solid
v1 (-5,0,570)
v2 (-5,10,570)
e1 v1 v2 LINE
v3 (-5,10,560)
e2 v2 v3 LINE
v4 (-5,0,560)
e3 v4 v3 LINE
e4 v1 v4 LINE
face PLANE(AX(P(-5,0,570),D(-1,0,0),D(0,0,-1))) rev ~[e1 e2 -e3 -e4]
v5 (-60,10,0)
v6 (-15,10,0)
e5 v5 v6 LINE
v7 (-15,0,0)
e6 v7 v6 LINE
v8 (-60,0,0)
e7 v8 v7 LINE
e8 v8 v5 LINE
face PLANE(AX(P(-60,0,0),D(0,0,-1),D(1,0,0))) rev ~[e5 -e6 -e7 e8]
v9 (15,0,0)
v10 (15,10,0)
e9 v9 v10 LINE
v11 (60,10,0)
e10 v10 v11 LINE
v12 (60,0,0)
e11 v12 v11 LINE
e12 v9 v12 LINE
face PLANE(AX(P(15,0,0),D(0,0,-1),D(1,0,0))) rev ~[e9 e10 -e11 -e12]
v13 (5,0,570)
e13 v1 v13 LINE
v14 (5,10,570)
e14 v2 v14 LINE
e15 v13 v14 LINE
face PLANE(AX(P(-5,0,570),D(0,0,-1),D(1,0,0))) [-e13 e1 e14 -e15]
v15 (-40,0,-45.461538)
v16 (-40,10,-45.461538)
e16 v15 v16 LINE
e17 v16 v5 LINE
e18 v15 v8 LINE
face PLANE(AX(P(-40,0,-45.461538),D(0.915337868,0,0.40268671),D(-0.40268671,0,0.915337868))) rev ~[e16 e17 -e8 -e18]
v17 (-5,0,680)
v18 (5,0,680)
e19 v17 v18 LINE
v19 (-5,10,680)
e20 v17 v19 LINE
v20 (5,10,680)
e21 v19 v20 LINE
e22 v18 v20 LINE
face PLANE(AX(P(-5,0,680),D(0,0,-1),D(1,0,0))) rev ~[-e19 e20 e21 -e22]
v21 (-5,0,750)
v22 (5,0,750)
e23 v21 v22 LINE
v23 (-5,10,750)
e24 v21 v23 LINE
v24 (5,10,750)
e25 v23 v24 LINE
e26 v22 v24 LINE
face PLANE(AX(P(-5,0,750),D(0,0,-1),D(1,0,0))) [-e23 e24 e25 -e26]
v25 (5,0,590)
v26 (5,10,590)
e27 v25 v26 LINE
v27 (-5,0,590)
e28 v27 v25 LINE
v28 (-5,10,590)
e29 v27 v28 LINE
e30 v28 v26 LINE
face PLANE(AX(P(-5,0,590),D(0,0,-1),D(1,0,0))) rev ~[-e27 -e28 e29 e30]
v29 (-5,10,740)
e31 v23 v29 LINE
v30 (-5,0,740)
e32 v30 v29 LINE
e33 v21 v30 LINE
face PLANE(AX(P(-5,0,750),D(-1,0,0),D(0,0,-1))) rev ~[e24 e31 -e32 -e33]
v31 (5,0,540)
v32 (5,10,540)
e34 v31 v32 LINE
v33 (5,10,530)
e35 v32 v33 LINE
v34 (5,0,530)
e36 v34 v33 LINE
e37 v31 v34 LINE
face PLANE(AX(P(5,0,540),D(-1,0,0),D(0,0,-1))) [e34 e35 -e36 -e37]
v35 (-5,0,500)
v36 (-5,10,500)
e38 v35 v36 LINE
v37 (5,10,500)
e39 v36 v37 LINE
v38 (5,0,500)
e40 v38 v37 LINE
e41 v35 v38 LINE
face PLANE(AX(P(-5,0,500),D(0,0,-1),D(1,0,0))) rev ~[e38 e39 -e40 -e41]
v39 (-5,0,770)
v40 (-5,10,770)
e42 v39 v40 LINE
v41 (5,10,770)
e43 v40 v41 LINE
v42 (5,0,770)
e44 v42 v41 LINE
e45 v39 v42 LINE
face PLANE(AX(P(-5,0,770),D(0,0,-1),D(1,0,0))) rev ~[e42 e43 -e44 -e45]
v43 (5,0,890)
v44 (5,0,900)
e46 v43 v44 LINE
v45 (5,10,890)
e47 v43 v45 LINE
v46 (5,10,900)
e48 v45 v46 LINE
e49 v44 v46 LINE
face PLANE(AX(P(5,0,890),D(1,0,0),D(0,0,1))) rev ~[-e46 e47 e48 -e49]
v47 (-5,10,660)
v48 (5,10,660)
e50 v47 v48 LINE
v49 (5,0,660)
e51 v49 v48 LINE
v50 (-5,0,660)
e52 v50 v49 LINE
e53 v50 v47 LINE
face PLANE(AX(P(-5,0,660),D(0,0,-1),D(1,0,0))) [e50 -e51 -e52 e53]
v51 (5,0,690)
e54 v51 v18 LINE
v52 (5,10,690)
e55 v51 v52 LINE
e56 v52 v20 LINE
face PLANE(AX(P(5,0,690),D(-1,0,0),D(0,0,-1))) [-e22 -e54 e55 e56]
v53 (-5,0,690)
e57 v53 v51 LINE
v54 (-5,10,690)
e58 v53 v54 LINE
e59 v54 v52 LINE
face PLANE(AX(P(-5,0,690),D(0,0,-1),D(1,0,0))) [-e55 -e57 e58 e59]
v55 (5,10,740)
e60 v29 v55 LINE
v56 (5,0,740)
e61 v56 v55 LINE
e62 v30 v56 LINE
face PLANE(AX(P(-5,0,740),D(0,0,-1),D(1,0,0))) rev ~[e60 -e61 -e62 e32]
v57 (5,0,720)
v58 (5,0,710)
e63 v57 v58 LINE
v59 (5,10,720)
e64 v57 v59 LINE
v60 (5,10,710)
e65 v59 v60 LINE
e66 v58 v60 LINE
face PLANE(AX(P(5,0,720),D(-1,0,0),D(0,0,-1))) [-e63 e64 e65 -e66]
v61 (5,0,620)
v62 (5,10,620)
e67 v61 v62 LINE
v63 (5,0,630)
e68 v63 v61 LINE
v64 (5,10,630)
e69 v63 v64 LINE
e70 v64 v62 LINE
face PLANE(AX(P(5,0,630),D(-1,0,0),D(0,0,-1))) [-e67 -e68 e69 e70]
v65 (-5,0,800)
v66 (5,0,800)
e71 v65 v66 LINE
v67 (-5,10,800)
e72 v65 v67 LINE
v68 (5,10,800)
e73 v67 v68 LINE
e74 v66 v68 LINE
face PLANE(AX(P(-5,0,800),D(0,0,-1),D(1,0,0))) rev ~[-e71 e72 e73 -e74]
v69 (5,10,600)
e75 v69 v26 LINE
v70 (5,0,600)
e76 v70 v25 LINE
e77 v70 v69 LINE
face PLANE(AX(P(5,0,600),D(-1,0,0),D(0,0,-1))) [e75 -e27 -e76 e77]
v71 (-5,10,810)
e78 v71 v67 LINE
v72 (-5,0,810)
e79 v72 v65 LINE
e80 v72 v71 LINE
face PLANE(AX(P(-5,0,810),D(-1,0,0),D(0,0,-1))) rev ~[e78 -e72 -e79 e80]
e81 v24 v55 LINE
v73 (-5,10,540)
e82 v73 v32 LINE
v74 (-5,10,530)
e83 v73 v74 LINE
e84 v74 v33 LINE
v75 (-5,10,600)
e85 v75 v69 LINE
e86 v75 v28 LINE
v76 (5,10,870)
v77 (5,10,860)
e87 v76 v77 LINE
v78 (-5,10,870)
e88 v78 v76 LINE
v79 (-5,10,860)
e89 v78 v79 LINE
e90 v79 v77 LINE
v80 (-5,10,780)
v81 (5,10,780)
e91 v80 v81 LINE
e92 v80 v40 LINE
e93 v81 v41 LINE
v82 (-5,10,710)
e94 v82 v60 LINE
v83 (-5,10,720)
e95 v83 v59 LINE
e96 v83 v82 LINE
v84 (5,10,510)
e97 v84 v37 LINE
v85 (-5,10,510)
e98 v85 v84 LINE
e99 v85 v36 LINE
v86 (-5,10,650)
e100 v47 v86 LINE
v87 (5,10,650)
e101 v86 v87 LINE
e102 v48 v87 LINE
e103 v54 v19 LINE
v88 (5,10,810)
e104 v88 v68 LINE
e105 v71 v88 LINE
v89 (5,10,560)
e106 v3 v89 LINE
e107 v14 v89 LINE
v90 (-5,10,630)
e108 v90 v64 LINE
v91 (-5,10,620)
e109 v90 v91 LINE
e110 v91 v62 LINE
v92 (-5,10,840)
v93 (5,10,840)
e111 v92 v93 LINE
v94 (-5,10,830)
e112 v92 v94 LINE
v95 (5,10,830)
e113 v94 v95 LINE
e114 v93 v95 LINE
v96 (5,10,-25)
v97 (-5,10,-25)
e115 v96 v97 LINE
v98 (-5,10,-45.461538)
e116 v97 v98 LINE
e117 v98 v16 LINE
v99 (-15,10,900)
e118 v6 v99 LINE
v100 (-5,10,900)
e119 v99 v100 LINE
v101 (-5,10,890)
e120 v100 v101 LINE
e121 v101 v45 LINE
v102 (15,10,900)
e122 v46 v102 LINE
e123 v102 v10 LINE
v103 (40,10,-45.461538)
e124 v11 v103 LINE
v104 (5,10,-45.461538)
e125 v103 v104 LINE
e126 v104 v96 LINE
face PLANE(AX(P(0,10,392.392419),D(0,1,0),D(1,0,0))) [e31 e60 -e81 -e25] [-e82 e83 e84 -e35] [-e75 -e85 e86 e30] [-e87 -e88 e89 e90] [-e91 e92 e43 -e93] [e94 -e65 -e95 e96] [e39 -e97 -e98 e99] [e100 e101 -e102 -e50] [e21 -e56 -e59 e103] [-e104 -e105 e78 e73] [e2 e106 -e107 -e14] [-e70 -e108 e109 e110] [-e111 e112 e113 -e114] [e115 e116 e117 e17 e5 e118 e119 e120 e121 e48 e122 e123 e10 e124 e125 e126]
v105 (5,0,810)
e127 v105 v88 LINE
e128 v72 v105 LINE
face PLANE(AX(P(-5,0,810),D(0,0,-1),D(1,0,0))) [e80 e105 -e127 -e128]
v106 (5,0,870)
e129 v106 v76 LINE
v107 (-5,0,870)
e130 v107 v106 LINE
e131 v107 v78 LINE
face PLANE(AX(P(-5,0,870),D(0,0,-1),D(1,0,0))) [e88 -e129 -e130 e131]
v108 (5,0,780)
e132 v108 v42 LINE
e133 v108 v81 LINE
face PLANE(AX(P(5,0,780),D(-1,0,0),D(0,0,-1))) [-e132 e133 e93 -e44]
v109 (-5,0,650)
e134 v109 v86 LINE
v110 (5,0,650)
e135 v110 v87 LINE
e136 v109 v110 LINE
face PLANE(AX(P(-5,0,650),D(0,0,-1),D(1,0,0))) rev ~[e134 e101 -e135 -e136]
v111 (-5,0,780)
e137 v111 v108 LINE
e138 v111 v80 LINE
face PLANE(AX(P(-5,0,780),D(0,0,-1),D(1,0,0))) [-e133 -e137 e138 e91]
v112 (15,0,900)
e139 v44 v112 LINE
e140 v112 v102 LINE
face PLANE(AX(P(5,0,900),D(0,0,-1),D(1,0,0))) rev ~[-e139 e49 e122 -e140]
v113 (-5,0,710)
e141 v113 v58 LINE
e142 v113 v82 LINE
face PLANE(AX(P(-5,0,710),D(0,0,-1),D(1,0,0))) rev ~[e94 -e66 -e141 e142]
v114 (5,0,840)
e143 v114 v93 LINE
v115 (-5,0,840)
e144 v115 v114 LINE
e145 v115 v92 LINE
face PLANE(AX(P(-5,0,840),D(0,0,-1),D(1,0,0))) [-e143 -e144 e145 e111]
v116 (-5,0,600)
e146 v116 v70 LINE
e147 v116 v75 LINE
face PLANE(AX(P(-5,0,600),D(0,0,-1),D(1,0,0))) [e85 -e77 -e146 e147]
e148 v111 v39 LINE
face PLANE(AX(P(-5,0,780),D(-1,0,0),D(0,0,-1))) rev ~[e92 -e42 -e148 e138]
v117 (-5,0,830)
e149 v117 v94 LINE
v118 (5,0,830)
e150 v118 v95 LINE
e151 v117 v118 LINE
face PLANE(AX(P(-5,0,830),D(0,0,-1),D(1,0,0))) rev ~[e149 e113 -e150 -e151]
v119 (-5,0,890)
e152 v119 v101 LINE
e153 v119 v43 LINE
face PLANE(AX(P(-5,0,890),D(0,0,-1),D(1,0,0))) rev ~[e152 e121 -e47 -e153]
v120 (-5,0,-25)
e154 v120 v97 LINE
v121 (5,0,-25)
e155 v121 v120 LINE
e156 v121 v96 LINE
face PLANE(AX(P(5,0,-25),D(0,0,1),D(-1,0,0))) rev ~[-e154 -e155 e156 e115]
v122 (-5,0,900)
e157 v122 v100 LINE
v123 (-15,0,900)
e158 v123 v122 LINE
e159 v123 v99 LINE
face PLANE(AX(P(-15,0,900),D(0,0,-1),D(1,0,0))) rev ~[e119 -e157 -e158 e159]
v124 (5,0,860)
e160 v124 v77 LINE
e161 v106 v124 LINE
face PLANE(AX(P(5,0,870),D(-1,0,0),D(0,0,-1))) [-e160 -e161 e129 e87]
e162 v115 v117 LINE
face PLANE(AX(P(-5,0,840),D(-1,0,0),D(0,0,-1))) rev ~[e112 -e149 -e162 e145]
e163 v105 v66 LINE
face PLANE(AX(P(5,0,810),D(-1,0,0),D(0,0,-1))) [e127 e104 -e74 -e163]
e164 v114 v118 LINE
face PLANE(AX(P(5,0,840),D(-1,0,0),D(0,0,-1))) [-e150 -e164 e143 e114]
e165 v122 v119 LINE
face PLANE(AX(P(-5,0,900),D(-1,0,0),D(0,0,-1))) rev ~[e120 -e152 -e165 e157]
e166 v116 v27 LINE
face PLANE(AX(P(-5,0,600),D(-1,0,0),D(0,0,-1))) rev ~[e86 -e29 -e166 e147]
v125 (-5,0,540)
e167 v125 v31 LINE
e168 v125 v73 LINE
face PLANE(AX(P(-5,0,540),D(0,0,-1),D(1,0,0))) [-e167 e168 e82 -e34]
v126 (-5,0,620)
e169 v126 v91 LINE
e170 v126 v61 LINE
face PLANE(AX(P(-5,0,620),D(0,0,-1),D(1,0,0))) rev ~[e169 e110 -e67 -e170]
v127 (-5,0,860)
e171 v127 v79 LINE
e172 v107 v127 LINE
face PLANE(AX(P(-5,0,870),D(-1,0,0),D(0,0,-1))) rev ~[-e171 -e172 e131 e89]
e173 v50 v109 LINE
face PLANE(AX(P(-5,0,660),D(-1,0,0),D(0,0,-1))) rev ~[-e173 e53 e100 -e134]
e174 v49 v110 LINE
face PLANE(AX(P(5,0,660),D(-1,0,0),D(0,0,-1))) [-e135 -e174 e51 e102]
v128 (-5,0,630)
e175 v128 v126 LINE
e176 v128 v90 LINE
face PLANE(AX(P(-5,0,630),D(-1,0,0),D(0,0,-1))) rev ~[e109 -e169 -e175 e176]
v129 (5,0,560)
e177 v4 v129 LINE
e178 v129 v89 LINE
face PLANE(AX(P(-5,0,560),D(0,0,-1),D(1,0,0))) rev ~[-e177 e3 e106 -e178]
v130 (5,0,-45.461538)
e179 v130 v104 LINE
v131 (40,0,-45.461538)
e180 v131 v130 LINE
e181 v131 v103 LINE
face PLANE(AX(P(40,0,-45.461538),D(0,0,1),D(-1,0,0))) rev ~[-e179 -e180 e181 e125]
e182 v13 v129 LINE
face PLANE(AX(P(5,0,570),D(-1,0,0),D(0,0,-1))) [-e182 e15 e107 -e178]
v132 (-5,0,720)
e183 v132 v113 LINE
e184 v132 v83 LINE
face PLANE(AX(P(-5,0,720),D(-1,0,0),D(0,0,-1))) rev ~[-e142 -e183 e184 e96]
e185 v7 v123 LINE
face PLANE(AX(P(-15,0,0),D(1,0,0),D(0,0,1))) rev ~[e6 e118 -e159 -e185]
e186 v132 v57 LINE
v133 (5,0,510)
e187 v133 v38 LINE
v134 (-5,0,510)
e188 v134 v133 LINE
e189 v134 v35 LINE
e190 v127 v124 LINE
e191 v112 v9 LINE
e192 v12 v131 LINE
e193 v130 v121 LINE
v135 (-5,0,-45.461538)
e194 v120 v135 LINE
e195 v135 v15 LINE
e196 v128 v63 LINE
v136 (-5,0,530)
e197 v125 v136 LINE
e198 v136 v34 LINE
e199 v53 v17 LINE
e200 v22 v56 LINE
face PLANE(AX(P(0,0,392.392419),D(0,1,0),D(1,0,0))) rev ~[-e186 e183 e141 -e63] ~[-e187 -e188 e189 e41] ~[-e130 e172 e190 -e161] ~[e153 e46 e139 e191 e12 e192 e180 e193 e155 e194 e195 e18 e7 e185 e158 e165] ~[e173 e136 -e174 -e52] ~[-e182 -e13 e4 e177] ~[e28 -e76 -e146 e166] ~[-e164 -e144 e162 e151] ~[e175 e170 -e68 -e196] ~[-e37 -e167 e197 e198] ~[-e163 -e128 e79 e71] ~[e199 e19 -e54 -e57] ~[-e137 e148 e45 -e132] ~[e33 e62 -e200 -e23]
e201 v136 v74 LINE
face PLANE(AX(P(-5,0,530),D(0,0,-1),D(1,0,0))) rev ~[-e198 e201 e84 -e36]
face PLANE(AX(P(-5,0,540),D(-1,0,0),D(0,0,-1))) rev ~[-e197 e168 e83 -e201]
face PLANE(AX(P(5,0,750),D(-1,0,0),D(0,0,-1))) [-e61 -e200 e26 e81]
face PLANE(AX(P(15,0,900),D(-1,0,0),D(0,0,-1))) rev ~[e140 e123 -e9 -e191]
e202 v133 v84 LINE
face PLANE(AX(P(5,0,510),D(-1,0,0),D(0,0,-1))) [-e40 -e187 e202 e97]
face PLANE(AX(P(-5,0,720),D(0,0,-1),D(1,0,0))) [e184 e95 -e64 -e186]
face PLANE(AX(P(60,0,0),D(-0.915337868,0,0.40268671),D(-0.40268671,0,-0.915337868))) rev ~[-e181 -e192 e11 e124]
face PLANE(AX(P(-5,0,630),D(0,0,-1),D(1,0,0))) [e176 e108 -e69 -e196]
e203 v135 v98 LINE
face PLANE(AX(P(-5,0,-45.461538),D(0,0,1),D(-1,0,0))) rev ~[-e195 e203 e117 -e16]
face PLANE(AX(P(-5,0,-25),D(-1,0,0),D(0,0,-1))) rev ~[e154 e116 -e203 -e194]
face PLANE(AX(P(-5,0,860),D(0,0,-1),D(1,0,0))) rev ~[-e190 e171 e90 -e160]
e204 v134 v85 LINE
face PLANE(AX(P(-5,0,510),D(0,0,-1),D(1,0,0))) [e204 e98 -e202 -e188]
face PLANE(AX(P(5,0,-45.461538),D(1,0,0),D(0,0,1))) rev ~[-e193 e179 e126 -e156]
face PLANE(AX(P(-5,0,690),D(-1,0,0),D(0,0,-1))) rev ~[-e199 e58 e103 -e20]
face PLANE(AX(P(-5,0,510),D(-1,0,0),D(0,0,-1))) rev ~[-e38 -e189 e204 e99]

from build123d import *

# Parameters (mm, degrees)
SKETCH_1_W      = 10
SKETCH_1_H      = 10
EXTRUDE_1_DEPTH = 10


with BuildPart() as part:
    # Эскиз1 → Бобышка-Вытянуть1 (new body)
    with BuildSketch(Plane(origin=(0, 0, 0), x_dir=(1, 0, 0), z_dir=(0, 1, 0))):
        Polygon((-60, 0), (-15, 0), (-15, -900), (-5, -900), (-5, -890), (5, -890), (5, -900), (15, -900), (15, 0), (60, 0), (40, 45.461538462), (5, 45.461538462), (5, 25), (-5, 25), (-5, 45.461538462), (-40, 45.461538462), align=None)
        with Locations((0, -865)):
            Rectangle(SKETCH_1_W, SKETCH_1_H, mode=Mode.SUBTRACT)
        with Locations((0, -835)):
            Rectangle(SKETCH_1_W, SKETCH_1_H, mode=Mode.SUBTRACT)
        with Locations((0, -805)):
            Rectangle(SKETCH_1_W, SKETCH_1_H, mode=Mode.SUBTRACT)
        with Locations((0, -775)):
            Rectangle(SKETCH_1_W, SKETCH_1_H, mode=Mode.SUBTRACT)
        with Locations((0, -745)):
            Rectangle(SKETCH_1_W, SKETCH_1_H, mode=Mode.SUBTRACT)
        with Locations((0, -715)):
            Rectangle(SKETCH_1_W, SKETCH_1_H, mode=Mode.SUBTRACT)
        with Locations((0, -685)):
            Rectangle(SKETCH_1_W, SKETCH_1_H, mode=Mode.SUBTRACT)
        with Locations((0, -655)):
            Rectangle(SKETCH_1_W, SKETCH_1_H, mode=Mode.SUBTRACT)
        with Locations((0, -625)):
            Rectangle(SKETCH_1_W, SKETCH_1_H, mode=Mode.SUBTRACT)
        with Locations((0, -595)):
            Rectangle(SKETCH_1_W, SKETCH_1_H, mode=Mode.SUBTRACT)
        with Locations((0, -565)):
            Rectangle(SKETCH_1_W, SKETCH_1_H, mode=Mode.SUBTRACT)
        with Locations((0, -535)):
            Rectangle(SKETCH_1_W, SKETCH_1_H, mode=Mode.SUBTRACT)
        with Locations((0, -505)):
            Rectangle(SKETCH_1_W, SKETCH_1_H, mode=Mode.SUBTRACT)
    extrude(amount=EXTRUDE_1_DEPTH)


solid = part.part
